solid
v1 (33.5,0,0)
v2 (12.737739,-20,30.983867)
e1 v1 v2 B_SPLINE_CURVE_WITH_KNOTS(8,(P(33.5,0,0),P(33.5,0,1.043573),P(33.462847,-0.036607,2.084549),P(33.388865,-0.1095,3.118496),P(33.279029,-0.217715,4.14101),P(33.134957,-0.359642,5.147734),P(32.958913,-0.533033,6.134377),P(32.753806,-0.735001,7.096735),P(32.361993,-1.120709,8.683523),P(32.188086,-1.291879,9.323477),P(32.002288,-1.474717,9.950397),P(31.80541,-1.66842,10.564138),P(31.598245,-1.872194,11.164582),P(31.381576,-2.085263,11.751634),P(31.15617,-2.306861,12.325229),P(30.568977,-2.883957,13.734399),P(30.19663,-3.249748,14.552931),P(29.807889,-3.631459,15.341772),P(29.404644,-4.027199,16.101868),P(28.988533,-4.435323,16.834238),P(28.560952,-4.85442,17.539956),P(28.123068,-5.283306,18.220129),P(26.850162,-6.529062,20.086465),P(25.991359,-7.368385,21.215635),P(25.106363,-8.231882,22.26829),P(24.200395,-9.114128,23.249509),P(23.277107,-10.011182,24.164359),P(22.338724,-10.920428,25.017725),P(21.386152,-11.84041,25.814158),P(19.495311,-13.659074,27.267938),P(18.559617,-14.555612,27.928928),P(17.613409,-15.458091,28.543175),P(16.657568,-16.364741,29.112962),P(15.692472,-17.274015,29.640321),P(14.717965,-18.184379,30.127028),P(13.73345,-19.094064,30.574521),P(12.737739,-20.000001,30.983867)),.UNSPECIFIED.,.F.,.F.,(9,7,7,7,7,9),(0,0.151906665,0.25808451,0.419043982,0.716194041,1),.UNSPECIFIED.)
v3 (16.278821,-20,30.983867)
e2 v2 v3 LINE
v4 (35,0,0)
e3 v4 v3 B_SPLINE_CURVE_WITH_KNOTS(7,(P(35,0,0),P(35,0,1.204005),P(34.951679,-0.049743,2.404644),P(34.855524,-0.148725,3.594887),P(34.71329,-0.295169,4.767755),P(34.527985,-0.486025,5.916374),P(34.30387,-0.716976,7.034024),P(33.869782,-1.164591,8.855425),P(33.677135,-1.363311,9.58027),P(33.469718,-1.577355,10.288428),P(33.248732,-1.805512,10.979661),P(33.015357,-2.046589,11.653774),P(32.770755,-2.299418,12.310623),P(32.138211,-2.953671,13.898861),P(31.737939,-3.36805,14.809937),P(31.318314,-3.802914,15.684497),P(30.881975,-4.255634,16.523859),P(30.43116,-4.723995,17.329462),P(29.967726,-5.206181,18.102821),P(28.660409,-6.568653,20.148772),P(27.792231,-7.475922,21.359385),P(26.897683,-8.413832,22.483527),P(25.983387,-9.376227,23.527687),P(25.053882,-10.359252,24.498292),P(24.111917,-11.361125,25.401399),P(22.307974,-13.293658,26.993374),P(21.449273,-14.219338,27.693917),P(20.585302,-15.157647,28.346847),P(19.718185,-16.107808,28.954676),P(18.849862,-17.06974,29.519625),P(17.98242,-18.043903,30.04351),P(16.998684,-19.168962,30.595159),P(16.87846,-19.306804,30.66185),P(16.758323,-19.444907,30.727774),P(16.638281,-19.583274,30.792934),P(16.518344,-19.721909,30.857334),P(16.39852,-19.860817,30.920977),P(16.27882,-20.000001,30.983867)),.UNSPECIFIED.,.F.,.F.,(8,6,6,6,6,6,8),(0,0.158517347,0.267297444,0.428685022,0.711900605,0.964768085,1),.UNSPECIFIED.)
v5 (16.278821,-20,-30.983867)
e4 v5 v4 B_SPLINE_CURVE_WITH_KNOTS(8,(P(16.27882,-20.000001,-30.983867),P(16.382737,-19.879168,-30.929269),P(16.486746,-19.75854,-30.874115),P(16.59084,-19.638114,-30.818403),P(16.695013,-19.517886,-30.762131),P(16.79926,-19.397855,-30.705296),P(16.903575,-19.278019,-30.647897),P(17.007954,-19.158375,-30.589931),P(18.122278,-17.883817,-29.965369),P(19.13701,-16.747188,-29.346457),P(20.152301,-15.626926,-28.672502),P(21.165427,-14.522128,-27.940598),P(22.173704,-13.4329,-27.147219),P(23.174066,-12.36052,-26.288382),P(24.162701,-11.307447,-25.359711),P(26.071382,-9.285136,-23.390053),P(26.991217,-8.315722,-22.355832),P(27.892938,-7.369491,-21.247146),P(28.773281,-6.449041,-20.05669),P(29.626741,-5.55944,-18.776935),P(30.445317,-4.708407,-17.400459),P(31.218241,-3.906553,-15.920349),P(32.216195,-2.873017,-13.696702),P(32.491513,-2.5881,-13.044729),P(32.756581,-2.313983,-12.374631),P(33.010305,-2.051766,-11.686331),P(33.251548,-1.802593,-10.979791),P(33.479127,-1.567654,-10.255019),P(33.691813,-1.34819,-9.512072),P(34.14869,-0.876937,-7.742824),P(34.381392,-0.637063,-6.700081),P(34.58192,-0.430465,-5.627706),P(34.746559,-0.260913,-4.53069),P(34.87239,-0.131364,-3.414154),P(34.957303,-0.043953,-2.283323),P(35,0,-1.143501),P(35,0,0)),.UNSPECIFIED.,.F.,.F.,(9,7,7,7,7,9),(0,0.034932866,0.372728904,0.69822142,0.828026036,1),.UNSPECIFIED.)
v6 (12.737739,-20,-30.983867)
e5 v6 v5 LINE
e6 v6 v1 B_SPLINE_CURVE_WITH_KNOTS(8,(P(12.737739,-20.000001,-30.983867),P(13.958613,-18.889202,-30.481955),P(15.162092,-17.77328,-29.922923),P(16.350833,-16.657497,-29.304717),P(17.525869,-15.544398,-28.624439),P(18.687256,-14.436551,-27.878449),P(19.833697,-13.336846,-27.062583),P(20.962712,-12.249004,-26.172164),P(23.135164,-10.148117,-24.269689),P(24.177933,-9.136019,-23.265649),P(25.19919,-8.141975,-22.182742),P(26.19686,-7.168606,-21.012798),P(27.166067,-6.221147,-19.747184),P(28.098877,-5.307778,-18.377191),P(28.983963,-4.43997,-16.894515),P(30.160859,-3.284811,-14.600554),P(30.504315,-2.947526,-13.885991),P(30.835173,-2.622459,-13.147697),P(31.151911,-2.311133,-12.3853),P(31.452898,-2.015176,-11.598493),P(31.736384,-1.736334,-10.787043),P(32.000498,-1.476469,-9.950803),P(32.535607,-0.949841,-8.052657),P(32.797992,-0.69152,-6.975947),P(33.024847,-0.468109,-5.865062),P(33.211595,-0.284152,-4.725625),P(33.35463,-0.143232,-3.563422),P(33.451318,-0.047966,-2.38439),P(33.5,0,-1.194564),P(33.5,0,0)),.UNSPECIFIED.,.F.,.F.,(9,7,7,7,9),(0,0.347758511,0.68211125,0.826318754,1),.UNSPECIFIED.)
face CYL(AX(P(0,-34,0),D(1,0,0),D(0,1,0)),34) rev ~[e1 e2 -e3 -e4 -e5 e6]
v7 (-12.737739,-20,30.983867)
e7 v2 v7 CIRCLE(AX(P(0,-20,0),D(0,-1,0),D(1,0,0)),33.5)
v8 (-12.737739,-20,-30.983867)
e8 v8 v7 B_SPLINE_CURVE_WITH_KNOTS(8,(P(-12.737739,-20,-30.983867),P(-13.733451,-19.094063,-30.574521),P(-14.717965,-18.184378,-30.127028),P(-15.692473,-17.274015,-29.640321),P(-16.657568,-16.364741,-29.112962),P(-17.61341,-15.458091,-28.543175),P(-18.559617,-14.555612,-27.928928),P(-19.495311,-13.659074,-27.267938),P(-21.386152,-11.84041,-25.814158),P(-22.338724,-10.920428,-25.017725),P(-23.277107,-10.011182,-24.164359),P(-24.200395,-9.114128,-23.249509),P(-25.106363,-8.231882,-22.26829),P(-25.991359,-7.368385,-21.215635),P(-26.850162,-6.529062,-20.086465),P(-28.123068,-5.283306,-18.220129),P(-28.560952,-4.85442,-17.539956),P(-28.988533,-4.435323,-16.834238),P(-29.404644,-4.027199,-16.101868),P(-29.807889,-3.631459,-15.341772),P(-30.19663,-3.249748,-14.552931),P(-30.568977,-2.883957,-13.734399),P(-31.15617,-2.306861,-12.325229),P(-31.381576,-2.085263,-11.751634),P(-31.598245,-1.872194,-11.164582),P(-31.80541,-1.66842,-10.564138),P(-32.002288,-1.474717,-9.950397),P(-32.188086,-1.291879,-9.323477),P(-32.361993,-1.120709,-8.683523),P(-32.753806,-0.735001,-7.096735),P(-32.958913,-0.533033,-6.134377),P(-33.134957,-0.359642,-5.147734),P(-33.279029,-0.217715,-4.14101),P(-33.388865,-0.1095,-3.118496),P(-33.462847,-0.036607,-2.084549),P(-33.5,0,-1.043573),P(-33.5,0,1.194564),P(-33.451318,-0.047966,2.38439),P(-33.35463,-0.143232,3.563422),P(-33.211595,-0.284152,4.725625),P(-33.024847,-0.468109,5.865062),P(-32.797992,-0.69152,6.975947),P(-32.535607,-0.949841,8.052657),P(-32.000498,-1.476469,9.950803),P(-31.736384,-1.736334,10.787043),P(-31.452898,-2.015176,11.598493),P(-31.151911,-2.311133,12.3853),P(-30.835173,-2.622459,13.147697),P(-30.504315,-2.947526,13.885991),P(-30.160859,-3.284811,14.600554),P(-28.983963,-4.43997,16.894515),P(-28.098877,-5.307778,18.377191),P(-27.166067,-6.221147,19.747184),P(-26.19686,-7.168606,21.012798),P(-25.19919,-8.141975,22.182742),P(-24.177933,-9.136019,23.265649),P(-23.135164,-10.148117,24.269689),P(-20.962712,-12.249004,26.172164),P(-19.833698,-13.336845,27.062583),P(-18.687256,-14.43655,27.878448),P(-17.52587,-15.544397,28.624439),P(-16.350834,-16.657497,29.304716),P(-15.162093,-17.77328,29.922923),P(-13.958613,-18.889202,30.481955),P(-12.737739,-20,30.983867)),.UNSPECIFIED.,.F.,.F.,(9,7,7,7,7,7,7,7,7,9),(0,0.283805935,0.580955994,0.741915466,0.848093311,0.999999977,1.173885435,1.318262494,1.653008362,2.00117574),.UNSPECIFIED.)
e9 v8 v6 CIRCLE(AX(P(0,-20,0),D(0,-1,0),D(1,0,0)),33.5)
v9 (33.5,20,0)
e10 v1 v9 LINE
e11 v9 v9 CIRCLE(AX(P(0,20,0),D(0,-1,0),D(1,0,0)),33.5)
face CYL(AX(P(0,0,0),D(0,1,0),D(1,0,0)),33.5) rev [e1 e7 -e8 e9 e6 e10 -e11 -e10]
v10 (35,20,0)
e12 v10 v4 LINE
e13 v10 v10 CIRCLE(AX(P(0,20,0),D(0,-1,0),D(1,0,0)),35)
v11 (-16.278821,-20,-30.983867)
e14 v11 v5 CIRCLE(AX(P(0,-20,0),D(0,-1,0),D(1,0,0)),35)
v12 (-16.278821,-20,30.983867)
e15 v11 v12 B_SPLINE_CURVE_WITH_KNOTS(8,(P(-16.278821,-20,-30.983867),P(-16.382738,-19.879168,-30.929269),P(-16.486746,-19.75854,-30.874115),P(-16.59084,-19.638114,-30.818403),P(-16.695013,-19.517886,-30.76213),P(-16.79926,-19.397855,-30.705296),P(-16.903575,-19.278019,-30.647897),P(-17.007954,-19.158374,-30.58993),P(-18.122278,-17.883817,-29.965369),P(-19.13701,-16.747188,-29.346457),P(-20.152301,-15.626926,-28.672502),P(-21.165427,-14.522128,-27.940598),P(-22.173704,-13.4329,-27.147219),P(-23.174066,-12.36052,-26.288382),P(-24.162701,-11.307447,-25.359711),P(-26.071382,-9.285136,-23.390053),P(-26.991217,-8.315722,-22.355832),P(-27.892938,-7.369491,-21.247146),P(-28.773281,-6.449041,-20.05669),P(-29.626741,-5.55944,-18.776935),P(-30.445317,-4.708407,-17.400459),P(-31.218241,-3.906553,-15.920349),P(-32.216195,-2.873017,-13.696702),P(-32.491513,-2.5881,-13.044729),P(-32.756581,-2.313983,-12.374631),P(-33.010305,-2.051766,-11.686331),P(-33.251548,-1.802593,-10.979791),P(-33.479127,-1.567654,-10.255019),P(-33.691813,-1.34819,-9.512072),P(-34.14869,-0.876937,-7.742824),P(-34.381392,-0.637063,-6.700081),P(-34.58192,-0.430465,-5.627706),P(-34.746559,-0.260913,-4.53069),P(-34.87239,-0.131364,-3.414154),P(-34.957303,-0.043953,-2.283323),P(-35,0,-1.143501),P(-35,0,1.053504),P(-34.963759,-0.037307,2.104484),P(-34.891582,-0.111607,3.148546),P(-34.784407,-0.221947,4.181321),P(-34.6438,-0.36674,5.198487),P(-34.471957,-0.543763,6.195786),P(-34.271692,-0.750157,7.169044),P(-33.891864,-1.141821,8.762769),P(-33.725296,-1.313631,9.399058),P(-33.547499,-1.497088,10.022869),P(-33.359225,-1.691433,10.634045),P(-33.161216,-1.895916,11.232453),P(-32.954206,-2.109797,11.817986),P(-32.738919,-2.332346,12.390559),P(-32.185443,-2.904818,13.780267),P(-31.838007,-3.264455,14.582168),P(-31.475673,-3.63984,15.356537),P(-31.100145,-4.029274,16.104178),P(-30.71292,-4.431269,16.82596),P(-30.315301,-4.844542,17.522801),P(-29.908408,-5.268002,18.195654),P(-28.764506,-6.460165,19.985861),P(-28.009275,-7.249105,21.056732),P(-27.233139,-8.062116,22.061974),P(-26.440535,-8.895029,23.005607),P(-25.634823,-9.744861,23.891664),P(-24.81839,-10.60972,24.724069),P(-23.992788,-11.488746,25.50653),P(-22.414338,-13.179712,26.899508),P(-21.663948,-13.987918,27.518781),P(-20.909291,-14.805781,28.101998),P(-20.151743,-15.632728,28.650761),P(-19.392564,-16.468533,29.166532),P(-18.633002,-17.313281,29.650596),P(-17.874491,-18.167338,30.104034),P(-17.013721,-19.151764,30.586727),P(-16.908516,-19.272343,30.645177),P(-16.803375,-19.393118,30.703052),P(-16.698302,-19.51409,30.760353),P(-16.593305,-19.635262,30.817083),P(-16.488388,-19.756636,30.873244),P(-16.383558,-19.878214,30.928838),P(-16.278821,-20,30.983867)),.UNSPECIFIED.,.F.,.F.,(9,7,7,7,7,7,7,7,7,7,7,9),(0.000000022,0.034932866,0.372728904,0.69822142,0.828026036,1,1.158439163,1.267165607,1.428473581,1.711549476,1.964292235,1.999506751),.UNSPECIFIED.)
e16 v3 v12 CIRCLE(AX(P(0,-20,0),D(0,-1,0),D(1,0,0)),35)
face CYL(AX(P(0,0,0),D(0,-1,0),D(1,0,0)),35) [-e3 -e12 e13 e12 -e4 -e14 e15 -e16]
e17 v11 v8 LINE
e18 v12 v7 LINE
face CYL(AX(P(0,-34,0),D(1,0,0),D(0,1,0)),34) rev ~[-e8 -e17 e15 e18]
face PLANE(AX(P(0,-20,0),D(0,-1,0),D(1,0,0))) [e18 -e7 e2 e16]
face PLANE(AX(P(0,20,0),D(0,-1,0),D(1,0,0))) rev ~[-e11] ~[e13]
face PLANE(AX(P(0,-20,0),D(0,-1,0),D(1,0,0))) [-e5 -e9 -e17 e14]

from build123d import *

# Parameters (mm, degrees)
F0_R     = 35
F0_R_2   = 33.5
F1_DEPTH = 20
F2_R     = 34
F3_DEPTH = 40


with BuildPart() as f1:
    # F0 (on Front) → F1 (new body, symmetric)
    with BuildSketch(Plane.XZ):
        Circle(F0_R)
        Circle(F0_R_2, mode=Mode.SUBTRACT)
    extrude(amount=F1_DEPTH, both=True)

    # F2 (on Right) → F3 (cut, symmetric)
    with BuildSketch(Plane.YZ):
        with Locations((-34, 0)):
            Circle(F2_R)
    extrude(amount=F3_DEPTH, both=True, mode=Mode.SUBTRACT)


solid = f1.part
